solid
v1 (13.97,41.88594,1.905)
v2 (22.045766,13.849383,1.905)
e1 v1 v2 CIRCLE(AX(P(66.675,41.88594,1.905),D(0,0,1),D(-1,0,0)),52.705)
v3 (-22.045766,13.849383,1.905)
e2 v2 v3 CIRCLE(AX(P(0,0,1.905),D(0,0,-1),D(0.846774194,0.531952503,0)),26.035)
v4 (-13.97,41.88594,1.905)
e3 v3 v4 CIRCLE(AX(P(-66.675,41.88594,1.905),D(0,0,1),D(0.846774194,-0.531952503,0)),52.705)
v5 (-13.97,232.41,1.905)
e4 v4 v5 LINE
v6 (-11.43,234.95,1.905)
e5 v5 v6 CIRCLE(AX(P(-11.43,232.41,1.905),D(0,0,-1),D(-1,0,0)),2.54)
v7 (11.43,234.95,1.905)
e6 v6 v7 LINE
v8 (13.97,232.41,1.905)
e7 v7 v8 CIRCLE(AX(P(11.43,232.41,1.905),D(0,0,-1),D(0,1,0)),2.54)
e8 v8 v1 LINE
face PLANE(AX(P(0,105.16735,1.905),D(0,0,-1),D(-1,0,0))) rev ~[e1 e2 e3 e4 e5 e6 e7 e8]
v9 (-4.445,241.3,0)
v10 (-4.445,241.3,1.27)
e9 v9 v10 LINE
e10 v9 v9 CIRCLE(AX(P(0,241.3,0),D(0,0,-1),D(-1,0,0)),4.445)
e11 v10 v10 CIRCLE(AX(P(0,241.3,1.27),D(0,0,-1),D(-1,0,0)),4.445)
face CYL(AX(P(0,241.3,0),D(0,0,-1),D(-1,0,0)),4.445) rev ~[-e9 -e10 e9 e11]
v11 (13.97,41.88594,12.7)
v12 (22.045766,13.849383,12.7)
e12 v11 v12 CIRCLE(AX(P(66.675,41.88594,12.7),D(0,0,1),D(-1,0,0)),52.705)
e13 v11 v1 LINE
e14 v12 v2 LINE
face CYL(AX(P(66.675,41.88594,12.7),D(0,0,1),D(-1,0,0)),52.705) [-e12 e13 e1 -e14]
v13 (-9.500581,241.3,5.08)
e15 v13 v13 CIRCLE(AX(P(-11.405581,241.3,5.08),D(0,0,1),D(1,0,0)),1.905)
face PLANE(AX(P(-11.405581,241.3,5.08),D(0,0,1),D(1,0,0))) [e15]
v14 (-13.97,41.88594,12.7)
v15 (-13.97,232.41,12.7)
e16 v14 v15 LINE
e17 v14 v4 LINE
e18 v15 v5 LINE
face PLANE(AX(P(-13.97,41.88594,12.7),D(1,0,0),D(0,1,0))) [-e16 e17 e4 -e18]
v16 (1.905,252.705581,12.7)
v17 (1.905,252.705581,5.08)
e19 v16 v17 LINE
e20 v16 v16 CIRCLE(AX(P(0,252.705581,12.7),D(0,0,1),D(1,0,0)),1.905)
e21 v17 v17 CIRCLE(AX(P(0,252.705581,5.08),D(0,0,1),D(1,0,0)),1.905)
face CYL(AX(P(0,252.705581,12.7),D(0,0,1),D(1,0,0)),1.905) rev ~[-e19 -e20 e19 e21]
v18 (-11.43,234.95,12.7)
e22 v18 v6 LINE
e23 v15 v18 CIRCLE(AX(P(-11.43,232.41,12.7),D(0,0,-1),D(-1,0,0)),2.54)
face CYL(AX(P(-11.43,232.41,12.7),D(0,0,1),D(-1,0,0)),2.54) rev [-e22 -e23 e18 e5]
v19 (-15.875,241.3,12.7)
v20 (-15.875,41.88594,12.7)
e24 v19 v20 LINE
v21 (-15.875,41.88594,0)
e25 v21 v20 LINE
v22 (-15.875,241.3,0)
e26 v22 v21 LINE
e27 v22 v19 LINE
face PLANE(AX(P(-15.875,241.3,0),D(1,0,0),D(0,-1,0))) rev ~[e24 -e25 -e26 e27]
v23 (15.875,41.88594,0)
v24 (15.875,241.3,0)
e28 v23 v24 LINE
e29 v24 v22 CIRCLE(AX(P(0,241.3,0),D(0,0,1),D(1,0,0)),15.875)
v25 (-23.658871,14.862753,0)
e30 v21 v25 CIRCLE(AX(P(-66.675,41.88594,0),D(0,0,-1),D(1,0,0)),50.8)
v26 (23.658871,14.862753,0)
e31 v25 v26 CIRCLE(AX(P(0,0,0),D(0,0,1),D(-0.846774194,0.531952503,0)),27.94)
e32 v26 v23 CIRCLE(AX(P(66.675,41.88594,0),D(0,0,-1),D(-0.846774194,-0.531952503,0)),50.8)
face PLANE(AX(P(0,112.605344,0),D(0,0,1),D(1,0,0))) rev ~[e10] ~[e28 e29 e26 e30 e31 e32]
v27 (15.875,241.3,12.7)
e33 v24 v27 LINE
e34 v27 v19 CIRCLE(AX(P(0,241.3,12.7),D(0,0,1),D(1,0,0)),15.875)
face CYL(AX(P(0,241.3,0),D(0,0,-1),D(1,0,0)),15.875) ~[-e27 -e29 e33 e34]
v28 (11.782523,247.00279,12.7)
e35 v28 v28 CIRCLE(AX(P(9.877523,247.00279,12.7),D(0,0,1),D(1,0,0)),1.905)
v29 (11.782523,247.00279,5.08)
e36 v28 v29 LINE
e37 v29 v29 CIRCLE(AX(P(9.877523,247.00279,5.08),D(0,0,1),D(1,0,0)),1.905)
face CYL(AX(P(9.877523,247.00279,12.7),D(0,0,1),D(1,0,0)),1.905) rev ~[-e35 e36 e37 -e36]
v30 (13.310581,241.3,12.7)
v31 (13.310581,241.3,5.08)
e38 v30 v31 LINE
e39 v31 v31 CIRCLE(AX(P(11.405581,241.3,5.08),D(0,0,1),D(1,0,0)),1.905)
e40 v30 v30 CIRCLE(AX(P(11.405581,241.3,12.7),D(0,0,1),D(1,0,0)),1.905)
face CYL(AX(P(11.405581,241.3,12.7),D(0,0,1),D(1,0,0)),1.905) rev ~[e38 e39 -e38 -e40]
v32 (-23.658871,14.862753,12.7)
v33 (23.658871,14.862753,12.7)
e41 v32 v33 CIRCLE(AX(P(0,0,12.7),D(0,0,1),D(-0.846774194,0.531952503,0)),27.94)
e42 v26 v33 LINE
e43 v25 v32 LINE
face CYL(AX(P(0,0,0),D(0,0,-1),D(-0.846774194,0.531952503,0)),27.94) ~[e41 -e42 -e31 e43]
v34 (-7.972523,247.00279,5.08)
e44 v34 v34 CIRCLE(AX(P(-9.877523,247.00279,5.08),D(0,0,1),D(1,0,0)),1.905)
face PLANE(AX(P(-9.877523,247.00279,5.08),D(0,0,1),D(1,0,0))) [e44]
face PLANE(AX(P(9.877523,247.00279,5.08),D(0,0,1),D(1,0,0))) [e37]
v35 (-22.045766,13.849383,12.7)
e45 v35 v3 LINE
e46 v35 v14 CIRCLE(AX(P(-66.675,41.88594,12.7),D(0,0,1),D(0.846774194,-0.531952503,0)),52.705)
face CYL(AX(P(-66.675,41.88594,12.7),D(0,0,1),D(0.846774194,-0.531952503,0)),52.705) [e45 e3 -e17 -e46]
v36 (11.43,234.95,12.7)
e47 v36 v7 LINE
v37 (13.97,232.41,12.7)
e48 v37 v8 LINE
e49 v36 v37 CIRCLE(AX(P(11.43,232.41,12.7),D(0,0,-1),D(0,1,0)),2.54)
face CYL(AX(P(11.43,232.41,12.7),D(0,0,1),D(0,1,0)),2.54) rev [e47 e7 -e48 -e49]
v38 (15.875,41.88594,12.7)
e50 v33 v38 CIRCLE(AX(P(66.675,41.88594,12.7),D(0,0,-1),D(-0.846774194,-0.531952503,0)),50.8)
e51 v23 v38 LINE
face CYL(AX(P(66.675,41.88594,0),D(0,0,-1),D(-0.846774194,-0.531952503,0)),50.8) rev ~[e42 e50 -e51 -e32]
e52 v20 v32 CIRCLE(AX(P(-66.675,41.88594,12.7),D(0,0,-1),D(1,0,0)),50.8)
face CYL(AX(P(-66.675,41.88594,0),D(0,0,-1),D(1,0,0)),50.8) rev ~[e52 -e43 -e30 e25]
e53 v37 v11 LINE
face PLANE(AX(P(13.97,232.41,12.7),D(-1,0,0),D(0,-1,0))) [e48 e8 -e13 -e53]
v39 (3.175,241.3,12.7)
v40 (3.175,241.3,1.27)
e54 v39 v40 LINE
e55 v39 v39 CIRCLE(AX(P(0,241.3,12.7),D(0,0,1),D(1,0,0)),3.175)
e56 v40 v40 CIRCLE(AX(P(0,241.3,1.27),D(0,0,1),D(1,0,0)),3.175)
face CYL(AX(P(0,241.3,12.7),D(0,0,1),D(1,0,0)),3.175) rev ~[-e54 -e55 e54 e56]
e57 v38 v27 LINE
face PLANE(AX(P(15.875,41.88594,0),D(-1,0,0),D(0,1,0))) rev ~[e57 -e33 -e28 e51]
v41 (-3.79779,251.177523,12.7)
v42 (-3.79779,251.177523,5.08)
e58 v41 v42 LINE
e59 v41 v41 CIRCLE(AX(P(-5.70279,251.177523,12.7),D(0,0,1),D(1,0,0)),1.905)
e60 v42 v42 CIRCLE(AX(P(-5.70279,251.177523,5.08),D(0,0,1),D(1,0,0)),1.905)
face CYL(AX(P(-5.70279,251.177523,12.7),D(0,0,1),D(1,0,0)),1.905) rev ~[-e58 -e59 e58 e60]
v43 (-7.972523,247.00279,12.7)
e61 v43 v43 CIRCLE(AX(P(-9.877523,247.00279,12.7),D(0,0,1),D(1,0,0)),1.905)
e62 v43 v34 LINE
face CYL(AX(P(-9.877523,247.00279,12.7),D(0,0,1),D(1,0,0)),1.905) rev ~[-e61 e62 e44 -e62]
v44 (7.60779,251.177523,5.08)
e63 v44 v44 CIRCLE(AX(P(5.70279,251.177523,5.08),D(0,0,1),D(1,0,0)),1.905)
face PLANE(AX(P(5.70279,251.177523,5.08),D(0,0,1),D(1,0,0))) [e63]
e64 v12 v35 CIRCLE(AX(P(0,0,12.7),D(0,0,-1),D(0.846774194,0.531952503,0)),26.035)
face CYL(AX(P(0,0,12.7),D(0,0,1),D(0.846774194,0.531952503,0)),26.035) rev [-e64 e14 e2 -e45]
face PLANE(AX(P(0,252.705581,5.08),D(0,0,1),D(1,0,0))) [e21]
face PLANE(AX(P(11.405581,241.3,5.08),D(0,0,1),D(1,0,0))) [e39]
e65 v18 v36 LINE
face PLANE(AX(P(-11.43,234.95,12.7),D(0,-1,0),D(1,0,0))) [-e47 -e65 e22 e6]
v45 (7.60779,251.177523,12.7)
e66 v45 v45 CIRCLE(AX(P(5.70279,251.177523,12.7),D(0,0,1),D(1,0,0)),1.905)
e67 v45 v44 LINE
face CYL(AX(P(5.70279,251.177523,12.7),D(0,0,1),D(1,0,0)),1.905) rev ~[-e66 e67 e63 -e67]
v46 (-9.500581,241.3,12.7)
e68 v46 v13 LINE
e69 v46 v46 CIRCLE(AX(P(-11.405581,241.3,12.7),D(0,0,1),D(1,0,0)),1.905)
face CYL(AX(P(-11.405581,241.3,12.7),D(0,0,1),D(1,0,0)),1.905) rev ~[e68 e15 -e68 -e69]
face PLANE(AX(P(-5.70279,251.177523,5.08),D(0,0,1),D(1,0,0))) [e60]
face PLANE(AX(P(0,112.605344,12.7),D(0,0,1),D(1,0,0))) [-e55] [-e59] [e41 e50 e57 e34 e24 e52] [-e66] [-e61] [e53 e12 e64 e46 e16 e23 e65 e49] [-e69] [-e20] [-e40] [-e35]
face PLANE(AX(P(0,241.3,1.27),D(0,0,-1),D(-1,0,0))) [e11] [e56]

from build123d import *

# Parameters (mm, degrees)
BOSS_EXTRUDE1_DEPTH = 12.7
CUT_EXTRUDE1_DEPTH  = 10.795
SKETCH3_R           = 3.175
CUT_EXTRUDE2_DEPTH  = 23.622
SKETCH4_R           = 1.905
CUT_EXTRUDE3_DEPTH  = 7.62
SKETCH5_R           = 4.445
CUT_EXTRUDE4_DEPTH  = 1.27


with BuildPart() as part:
    # Sketch1 → Boss-Extrude1 (new body)
    with BuildSketch(Plane.XY):
        with BuildLine():
            Line((-15.875, 241.3), (-15.875, 41.885940063))
            ThreePointArc((-15.875, 41.885940063), (-17.859739298, 27.82498979), (-23.658870968, 14.862752926))
            ThreePointArc((-23.658870968, 14.862752926), (0, -27.94), (23.658870968, 14.862752926))
            ThreePointArc((23.658870968, 14.862752926), (17.859739298, 27.82498979), (15.875, 41.885940063))
            Line((15.875, 41.885940063), (15.875, 241.3))
            ThreePointArc((15.875, 241.3), (0, 257.175), (-15.875, 241.3))
        make_face()
    extrude(amount=BOSS_EXTRUDE1_DEPTH)

    # Sketch2 → Cut-Extrude1 (cut)
    with BuildSketch(Plane.XY.offset(12.7)):
        with BuildLine():
            Line((-11.43, 234.95), (11.43, 234.95))
            ThreePointArc((11.43, 234.95), (13.226051224, 234.206051224), (13.97, 232.41))
            Line((13.97, 232.41), (13.97, 41.885940063))
            ThreePointArc((13.97, 41.885940063), (16.029167022, 27.297704155), (22.045766129, 13.849383408))
            ThreePointArc((22.045766129, 13.849383408), (0, -26.035), (-22.045766129, 13.849383408))
            ThreePointArc((-22.045766129, 13.849383408), (-16.029167022, 27.297704155), (-13.97, 41.885940063))
            Line((-13.97, 41.885940063), (-13.97, 232.41))
            ThreePointArc((-13.97, 232.41), (-13.226051224, 234.206051224), (-11.43, 234.95))
        make_face()
    extrude(amount=-CUT_EXTRUDE1_DEPTH, mode=Mode.SUBTRACT)

    # Sketch3 → Cut-Extrude2 (cut)
    with BuildSketch(Plane.XY.offset(12.7)):
        with Locations((0, 241.3)):
            Circle(SKETCH3_R)
    extrude(amount=-CUT_EXTRUDE2_DEPTH, mode=Mode.SUBTRACT)

    # Sketch4 → Cut-Extrude3 (cut)
    with BuildSketch(Plane.XY.offset(12.7)):
        with Locations((-11.405580841, 241.3)):
            Circle(SKETCH4_R)
        with Locations((-9.877522754, 247.002790421)):
            Circle(SKETCH4_R)
        with Locations((-5.702790421, 251.177522754)):
            Circle(SKETCH4_R)
        with Locations((0, 252.705580841)):
            Circle(SKETCH4_R)
        with Locations((5.702790421, 251.177522754)):
            Circle(SKETCH4_R)
        with Locations((9.877522754, 247.002790421)):
            Circle(SKETCH4_R)
        with Locations((11.405580841, 241.3)):
            Circle(SKETCH4_R)
    extrude(amount=-CUT_EXTRUDE3_DEPTH, mode=Mode.SUBTRACT)

    # Sketch5 → Cut-Extrude4 (cut)
    with BuildSketch(Plane(origin=(0, 0, 0), x_dir=(-1, 0, 0), z_dir=(0, 0, -1))):
        with Locations((0, 241.3)):
            Circle(SKETCH5_R)
    extrude(amount=-CUT_EXTRUDE4_DEPTH, mode=Mode.SUBTRACT)


solid = part.part
